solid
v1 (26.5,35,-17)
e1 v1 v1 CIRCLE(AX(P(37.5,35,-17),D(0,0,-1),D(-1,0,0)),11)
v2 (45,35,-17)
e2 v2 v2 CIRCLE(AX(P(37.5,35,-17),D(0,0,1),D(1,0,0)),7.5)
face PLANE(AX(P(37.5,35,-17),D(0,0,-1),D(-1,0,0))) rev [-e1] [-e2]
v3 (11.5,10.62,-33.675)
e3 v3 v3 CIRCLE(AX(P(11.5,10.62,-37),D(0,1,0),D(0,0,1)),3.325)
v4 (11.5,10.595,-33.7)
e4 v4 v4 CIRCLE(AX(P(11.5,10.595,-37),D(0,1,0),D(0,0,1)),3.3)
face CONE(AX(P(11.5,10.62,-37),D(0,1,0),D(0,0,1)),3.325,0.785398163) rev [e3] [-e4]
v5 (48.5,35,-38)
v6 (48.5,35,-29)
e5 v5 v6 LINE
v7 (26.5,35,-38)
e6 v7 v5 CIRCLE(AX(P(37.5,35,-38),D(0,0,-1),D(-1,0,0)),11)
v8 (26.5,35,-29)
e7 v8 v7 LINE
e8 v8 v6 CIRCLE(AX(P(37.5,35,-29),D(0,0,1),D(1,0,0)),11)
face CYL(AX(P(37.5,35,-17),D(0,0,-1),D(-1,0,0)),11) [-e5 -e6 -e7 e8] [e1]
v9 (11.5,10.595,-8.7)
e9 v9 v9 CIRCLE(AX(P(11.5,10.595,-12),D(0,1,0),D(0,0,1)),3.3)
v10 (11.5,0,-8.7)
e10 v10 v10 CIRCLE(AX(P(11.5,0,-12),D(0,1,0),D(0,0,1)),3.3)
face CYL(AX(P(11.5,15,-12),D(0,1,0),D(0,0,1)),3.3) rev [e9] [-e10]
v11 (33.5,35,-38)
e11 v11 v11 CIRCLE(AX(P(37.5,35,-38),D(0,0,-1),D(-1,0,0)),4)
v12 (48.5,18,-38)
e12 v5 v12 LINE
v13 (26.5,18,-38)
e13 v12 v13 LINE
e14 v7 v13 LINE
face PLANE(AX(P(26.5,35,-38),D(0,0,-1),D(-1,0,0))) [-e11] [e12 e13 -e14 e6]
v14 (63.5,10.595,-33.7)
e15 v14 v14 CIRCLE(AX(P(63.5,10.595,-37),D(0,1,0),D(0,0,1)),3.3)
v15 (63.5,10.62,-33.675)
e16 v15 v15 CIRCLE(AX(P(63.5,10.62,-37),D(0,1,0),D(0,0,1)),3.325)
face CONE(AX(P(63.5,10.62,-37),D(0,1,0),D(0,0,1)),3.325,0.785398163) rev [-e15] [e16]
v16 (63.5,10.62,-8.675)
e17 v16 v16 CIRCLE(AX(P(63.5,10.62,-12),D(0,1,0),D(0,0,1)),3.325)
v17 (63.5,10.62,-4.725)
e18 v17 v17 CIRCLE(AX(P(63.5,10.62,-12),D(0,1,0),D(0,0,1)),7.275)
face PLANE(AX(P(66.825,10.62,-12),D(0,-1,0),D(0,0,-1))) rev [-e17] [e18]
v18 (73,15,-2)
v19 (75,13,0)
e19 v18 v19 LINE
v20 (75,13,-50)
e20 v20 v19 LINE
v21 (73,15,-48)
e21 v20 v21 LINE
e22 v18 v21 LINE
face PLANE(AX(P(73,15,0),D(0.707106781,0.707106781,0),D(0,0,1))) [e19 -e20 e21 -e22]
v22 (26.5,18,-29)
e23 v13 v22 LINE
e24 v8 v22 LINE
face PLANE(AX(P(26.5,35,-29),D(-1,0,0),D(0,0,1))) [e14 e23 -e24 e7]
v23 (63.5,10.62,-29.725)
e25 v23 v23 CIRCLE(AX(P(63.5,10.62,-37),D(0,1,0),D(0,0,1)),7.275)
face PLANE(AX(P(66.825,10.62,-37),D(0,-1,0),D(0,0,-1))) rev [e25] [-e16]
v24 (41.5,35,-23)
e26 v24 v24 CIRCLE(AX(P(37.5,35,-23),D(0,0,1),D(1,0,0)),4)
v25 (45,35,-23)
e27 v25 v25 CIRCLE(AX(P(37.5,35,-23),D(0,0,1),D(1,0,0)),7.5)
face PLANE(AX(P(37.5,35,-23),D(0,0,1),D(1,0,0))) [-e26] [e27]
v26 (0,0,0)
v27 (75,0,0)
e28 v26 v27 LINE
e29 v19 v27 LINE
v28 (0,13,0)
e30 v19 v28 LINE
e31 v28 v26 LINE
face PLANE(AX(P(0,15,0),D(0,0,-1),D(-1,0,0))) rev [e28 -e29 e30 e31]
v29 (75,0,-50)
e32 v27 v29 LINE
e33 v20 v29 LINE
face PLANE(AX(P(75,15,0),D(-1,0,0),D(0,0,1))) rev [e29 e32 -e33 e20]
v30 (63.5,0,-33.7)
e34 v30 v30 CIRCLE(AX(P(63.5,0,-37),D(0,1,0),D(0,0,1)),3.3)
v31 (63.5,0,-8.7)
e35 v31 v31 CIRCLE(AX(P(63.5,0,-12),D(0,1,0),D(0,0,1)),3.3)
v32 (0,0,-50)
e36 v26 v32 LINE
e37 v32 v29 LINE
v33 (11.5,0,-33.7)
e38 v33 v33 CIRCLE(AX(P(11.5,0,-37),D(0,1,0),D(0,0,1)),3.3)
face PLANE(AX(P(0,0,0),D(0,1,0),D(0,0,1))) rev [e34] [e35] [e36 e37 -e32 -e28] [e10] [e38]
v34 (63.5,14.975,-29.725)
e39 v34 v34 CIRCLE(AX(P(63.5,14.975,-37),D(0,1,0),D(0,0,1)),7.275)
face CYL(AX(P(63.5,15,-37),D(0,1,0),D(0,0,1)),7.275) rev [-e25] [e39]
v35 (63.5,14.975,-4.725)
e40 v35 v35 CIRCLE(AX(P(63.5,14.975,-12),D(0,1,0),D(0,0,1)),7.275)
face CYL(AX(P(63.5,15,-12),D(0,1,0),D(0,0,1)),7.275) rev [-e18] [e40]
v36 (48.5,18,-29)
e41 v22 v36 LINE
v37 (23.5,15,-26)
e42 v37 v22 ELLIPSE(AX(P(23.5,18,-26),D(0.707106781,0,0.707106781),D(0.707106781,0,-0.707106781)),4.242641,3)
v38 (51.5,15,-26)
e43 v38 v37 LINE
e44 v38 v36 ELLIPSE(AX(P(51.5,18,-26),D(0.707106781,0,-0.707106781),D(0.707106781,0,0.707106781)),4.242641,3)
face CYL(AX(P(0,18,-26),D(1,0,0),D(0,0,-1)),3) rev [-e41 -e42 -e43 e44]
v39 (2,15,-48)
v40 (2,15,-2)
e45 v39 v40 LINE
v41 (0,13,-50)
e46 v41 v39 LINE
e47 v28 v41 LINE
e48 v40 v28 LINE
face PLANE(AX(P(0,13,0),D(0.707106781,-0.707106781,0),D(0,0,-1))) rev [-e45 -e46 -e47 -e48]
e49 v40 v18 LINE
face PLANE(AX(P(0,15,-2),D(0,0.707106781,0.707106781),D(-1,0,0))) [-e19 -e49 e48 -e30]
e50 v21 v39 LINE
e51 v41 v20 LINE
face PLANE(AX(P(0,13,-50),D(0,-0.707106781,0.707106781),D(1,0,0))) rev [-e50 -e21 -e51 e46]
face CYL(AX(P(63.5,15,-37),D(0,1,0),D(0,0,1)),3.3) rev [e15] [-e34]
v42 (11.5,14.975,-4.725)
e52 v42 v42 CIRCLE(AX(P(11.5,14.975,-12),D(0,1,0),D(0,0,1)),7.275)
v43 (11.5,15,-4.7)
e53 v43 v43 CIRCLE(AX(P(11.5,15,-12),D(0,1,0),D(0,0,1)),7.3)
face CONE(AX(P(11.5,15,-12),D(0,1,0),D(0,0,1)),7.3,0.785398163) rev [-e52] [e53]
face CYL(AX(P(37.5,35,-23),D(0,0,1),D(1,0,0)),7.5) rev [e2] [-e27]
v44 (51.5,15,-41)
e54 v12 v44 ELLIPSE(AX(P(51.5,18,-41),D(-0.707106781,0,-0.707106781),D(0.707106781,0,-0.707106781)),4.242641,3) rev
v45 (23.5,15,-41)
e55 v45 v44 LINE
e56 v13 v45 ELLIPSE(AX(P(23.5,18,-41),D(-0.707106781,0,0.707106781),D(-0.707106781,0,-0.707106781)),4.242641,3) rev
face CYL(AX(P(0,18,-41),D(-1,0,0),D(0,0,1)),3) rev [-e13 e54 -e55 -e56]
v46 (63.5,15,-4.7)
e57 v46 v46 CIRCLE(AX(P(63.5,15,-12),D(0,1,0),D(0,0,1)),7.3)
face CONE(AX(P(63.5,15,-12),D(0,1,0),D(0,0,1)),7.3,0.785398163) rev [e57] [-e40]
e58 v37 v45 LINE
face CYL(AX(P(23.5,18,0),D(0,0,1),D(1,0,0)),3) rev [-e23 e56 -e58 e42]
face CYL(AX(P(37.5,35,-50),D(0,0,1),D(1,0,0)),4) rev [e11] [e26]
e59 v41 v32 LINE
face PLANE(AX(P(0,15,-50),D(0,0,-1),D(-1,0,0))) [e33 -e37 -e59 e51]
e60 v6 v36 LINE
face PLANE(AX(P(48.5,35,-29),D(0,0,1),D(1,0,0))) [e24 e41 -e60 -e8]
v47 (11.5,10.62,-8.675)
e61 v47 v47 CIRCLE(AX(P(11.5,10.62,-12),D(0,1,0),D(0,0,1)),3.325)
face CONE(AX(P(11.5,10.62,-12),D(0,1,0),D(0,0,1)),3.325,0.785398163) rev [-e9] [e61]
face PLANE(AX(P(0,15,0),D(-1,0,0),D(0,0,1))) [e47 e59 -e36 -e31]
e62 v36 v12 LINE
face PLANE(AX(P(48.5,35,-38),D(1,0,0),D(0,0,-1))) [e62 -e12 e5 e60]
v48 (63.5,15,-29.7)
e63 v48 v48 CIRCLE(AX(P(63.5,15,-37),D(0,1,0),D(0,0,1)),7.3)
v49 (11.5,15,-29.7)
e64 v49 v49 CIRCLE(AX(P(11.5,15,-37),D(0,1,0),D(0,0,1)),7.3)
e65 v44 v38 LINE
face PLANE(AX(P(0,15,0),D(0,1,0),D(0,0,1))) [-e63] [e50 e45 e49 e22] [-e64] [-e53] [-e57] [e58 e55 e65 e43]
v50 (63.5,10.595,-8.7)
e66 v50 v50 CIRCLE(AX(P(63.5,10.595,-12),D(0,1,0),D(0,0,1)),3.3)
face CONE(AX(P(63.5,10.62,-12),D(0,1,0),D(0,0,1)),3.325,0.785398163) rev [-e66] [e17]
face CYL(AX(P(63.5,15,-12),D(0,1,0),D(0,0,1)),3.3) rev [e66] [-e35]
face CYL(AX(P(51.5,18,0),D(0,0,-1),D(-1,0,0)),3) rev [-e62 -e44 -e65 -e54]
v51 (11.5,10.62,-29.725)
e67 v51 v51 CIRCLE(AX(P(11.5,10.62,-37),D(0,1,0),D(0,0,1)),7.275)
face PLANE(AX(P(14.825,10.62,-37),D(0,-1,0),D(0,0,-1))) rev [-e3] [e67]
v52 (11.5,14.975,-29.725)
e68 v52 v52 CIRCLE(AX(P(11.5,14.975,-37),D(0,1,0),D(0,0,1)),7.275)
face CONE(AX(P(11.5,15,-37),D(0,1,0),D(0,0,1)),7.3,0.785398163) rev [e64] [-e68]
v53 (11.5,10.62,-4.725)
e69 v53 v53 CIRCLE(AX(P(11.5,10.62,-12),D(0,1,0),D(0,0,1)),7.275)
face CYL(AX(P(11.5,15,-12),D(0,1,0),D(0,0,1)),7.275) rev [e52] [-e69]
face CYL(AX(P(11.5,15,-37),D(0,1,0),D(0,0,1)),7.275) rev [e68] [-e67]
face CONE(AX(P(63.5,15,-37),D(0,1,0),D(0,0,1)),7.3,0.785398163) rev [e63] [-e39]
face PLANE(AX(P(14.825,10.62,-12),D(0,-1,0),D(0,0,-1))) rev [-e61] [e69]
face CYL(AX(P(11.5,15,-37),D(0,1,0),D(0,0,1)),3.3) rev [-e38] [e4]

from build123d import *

# Parameters (mm, degrees)
SKETCH1_W            = 75
SKETCH1_H            = 50
BOSS_EXTRUDE1_DEPTH  = 15
CHAMFER1_SIZE        = 2
SKETCH2_W            = 22
SKETCH2_H            = 9
BOSS_EXTRUDE2_DEPTH  = 20
SKETCH3_R            = 11
BOSS_EXTRUDE3_DEPTH  = 21
SKETCH4_R            = 4
CUT_EXTRUDE2_DEPTH   = 94.968079687
SKETCH4_4_R          = 7.5
SKETCH4_4_R_2        = 4
CUT_EXTRUDE3_DEPTH   = 6
FILLET1_R            = 3
LPATTERN2_COUNT      = 2
LPATTERN2_PITCH      = 52
LPATTERN2_COUNT_DIR2 = 2
LPATTERN2_PITCH_DIR2 = 25


with BuildPart() as part:
    # Sketch1 → Boss-Extrude1 (new body)
    with BuildSketch(Plane(origin=(0, 0, 0), x_dir=(1, 0, 0), z_dir=(0, 1, 0))):
        with Locations((37.5, 25)):
            Rectangle(SKETCH1_W, SKETCH1_H)
    extrude(amount=BOSS_EXTRUDE1_DEPTH)

    # Chamfer1
    chamfer1_edges = [part.edges().sort_by_distance(p)[0] for p in [
        (37.5, 15, 0),
        (0, 15, -25),
        (37.5, 15, -50),
        (75, 15, -25),
    ]]
    chamfer(chamfer1_edges, length=CHAMFER1_SIZE)

    # Sketch2 → Boss-Extrude2 (add)
    with BuildSketch(Plane(origin=(0, 15, 0), x_dir=(1, 0, 0), z_dir=(0, 1, 0))):
        with Locations((37.5, 33.5)):
            Rectangle(SKETCH2_W, SKETCH2_H)
    extrude(amount=BOSS_EXTRUDE2_DEPTH)

    # Sketch3 → Boss-Extrude3 (add)
    with BuildSketch(Plane(origin=(0, 0, -38), x_dir=(-1, 0, 0), z_dir=(0, 0, -1))):
        with Locations((-37.5, 35)):
            Circle(SKETCH3_R)
    extrude(amount=-BOSS_EXTRUDE3_DEPTH)

    # Sketch4 → Cut-Extrude2 (cut, through all)
    with BuildSketch(Plane.XY.offset(-17)):
        with Locations((37.5, 35)):
            Circle(SKETCH4_R)
    extrude(amount=-CUT_EXTRUDE2_DEPTH, mode=Mode.SUBTRACT)

    # Sketch4<4> → Cut-Extrude3 (cut)
    with BuildSketch(Plane.XY.offset(-17)):
        with Locations((37.5, 35)):
            Circle(SKETCH4_4_R)
        with Locations((37.5, 35)):
            Circle(SKETCH4_4_R_2, mode=Mode.SUBTRACT)
    extrude(amount=-CUT_EXTRUDE3_DEPTH, mode=Mode.SUBTRACT)

    # Fillet1
    fillet1_edges = [part.edges().sort_by_distance(p)[0] for p in [
        (37.5, 15, -29),
        (26.5, 15, -33.5),
        (37.5, 15, -38),
        (48.5, 15, -33.5),
    ]]
    fillet(fillet1_edges, radius=FILLET1_R)

    # Sketch10 → CBORE for M6 Hex Head Bolt2 (revolve, cut)
    with BuildSketch(Plane(origin=(63.5, 15, -37), x_dir=(0, 0, 1), z_dir=(1, 0, 0))):
        Polygon((0, 0), (0, 15), (3.3, 15), (3.3, 4.405), (3.325, 4.38), (7.275, 4.38), (7.275, 0.025), (7.3, 0), align=None)
    cbore_for_m6_hex_head_bolt2 = revolve(axis=Axis((63.5, 21.35, -37), (0, -1, 0)), mode=Mode.SUBTRACT)

    # LPattern2: CBORE for M6 Hex Head Bolt2 2 × 2
    with Locations(*[(-i * LPATTERN2_PITCH, 0, j * LPATTERN2_PITCH_DIR2) for i in range(LPATTERN2_COUNT) for j in range(LPATTERN2_COUNT_DIR2) if (i, j) != (0, 0)]):
        add(cbore_for_m6_hex_head_bolt2, mode=Mode.SUBTRACT)


solid = part.part
